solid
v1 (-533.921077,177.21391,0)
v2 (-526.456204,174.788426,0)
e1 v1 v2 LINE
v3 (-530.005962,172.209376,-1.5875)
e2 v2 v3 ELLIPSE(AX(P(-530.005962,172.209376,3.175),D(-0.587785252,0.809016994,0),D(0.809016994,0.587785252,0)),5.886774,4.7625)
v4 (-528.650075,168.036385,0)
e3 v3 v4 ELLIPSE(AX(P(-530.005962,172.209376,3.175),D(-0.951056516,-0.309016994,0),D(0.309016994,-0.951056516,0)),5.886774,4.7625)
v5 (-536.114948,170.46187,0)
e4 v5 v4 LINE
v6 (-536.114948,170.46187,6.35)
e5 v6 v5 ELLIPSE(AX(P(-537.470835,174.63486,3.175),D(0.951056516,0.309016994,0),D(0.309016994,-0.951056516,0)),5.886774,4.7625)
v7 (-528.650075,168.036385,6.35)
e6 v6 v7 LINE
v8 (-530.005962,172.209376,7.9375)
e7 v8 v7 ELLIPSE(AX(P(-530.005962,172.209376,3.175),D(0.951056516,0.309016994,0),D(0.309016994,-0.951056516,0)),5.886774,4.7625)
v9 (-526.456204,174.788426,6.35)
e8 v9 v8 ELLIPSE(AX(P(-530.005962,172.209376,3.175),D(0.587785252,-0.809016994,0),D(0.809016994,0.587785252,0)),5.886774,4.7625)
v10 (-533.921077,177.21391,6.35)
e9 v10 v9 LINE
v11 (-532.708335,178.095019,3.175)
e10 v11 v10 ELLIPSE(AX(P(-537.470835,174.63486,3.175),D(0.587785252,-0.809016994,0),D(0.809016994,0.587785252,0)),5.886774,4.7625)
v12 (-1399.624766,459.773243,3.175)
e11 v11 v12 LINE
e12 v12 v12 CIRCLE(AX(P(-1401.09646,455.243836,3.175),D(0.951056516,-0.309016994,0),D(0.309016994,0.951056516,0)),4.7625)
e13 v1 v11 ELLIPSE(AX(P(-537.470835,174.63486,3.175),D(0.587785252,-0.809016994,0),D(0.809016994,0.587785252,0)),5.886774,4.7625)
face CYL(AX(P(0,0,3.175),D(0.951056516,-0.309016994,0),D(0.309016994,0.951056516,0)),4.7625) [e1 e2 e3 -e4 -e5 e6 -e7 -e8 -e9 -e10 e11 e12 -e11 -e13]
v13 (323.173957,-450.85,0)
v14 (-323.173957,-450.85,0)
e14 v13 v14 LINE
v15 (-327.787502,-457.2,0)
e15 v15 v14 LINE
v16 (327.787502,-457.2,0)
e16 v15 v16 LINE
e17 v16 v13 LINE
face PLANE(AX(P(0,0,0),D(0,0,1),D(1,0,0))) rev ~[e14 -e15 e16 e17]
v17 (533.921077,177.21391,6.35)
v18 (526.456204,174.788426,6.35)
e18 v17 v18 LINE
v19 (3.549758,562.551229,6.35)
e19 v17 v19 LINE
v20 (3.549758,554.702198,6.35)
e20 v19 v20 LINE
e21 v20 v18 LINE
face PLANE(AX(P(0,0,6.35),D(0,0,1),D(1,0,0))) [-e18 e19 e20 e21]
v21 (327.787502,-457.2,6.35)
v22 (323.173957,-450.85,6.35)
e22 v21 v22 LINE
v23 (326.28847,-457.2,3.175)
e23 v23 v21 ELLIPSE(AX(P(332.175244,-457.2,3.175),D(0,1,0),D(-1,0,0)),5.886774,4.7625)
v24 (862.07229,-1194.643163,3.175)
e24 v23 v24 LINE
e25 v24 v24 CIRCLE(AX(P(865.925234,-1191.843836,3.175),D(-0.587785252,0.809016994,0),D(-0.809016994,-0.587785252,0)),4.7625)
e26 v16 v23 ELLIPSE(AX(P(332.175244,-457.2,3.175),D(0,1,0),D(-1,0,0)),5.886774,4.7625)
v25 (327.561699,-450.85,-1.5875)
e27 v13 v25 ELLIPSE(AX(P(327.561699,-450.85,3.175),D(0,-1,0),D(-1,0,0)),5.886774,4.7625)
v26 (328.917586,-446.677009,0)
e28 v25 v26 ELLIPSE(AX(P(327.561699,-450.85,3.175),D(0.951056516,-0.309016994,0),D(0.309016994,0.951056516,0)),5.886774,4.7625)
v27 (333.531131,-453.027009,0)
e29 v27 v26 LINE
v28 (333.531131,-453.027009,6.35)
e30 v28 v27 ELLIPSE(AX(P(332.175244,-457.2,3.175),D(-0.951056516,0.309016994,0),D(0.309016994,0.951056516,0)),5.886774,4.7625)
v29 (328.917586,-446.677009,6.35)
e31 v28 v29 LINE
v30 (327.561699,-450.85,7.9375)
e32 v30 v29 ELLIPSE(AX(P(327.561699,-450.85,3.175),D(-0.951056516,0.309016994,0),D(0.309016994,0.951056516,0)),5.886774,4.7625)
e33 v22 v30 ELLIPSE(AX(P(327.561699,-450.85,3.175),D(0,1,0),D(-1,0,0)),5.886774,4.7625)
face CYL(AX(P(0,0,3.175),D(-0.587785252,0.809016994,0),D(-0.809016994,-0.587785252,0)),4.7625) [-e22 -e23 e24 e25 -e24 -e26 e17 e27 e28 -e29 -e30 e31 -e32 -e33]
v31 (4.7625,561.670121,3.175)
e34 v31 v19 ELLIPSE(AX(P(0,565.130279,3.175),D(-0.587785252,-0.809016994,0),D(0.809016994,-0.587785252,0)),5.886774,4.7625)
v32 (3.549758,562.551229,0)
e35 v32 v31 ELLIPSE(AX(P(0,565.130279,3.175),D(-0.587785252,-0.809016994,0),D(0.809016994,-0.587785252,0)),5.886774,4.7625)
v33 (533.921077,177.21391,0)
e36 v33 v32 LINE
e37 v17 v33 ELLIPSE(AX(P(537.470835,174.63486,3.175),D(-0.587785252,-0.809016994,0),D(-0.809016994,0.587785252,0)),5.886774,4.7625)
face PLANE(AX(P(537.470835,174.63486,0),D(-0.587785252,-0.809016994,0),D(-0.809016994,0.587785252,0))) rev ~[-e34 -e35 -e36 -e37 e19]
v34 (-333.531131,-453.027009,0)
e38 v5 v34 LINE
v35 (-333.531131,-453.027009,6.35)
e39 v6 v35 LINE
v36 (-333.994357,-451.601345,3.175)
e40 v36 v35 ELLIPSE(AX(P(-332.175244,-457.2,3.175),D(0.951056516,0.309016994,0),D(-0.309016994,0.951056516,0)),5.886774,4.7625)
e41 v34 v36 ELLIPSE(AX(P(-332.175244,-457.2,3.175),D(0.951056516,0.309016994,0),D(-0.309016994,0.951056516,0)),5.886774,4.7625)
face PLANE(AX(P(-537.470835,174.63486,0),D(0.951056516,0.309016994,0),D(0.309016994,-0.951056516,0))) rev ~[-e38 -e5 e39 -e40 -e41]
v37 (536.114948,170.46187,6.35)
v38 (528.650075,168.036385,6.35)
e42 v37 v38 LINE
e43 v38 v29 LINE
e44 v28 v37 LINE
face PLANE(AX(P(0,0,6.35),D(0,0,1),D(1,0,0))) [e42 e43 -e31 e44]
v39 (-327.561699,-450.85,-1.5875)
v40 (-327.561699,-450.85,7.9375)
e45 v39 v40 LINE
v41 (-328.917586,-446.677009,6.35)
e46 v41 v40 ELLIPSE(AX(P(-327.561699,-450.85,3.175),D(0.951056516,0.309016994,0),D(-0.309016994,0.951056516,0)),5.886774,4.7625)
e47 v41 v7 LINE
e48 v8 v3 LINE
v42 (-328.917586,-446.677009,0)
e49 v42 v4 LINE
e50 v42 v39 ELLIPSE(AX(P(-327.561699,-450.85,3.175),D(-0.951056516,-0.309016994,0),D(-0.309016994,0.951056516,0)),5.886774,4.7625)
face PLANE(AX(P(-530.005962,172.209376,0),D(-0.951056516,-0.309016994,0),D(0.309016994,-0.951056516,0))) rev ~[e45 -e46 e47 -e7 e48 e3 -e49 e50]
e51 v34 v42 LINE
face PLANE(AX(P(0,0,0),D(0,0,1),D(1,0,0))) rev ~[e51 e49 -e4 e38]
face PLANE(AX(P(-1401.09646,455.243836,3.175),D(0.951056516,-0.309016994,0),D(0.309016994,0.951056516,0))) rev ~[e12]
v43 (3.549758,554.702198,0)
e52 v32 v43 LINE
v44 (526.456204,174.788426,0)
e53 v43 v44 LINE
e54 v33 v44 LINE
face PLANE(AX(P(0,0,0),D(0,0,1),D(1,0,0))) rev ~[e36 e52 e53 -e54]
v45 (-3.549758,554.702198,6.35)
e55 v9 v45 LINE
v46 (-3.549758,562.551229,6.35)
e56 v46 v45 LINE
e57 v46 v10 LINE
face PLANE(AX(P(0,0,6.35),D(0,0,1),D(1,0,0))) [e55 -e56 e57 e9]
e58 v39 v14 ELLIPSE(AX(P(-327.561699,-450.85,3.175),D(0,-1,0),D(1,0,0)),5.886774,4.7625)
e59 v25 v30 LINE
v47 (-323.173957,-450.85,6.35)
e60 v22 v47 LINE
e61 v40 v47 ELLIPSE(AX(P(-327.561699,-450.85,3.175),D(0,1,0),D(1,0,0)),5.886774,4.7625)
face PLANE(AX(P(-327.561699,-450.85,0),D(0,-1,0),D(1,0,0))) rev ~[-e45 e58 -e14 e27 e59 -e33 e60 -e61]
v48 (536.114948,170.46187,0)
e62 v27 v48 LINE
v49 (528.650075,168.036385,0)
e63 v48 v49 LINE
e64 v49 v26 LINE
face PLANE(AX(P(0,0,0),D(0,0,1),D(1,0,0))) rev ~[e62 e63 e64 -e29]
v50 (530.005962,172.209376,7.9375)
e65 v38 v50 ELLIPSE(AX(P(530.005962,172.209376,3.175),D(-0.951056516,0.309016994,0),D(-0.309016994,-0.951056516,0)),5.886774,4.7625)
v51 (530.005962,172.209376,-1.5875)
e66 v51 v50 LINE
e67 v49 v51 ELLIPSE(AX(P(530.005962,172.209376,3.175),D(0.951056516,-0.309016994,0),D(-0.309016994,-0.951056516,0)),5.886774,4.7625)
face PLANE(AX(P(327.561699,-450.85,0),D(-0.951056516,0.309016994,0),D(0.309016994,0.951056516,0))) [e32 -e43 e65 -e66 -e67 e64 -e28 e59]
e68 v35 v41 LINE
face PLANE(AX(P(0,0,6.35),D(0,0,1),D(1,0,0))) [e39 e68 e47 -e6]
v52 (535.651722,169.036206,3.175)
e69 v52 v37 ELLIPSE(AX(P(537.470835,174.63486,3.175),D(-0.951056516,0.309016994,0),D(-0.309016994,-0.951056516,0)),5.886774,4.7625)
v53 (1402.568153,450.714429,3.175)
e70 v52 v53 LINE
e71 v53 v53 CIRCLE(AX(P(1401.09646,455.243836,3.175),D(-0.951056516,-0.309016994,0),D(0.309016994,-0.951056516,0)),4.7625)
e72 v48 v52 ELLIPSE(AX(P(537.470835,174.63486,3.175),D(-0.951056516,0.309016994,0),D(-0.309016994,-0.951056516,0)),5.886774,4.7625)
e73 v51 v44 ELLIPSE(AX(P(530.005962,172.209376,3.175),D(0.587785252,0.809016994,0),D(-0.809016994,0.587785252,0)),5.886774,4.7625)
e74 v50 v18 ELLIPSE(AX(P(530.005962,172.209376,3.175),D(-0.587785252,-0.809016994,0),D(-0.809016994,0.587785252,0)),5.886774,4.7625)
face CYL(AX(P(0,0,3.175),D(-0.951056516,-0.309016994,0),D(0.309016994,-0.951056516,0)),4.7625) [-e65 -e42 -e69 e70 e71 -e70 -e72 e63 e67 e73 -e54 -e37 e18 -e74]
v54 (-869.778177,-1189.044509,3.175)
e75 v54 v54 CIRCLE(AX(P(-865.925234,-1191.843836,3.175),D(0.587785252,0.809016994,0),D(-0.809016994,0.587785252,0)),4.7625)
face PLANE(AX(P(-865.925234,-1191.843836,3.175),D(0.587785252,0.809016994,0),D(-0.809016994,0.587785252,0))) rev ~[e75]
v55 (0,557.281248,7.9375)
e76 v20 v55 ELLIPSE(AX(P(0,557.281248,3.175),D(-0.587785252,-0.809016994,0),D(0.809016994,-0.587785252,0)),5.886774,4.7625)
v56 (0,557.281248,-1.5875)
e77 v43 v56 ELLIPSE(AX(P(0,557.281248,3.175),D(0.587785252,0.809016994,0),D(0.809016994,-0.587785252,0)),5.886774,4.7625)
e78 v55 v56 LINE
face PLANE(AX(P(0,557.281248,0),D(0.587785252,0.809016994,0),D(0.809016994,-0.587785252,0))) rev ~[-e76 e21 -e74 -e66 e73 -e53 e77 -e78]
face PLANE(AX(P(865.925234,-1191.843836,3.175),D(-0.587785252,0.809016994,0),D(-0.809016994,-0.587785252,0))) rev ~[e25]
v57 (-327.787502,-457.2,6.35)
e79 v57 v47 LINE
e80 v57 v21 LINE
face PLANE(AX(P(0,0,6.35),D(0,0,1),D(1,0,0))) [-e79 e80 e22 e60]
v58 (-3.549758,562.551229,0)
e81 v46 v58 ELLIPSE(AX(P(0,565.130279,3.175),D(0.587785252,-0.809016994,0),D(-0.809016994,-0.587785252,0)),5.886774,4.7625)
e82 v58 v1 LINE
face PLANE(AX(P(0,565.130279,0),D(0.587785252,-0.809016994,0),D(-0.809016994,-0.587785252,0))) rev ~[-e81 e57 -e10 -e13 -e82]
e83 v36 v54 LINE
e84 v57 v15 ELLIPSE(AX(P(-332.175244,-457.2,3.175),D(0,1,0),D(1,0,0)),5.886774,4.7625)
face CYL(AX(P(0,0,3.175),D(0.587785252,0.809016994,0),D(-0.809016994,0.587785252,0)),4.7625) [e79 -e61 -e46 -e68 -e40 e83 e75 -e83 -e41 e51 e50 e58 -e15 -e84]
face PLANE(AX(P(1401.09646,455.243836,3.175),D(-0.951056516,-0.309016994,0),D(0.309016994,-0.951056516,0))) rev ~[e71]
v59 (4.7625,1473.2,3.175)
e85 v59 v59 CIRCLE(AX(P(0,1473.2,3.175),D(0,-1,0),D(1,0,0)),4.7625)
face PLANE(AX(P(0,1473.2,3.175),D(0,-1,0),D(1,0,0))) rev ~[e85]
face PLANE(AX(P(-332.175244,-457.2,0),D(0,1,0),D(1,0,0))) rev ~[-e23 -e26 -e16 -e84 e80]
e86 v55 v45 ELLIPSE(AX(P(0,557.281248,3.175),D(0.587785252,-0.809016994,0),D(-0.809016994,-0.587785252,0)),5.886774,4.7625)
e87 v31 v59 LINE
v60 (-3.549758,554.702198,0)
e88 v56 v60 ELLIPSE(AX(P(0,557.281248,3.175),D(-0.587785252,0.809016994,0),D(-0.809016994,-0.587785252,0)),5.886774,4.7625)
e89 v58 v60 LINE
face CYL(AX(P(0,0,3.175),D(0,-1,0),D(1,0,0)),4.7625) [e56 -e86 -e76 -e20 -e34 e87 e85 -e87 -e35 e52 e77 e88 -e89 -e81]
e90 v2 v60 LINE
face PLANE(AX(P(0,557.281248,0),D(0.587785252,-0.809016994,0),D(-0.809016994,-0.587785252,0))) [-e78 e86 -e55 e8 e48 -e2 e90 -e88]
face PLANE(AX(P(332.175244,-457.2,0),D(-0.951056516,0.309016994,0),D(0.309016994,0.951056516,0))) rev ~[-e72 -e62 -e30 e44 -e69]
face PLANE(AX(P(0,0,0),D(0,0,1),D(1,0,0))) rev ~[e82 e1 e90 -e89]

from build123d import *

# Parameters (mm, degrees)
F1_DEPTH      = 6.35
F2_R          = 4.7625
F4_DEPTH      = 1473.2
F5_COUNT      = 5
F7_DEPTH      = 25.4
F7_DEPTH_BACK = 25.4


with BuildPart() as f1:
    # F0 (on Top) → F1 (new body)
    with BuildSketch(Plane.XY):
        Polygon((537.4708346962, 174.6348603435), (0, 565.1302793129), (-537.4708346962, 174.6348603435), (-332.1752438041, -457.2), (332.1752438041, -457.2), align=None)
        Polygon((-530.0059619921, 172.2093761721), (0, 557.2812476558), (530.0059619921, 172.2093761721), (327.5616987512, -450.85), (-327.5616987512, -450.85), align=None, mode=Mode.SUBTRACT)
    extrude(amount=F1_DEPTH)

    # F2 (on Front) → F4 (join)
    with BuildSketch(Plane.XZ):
        with Locations((0, 3.175)):
            Circle(F2_R)
    extrude(amount=-F4_DEPTH)

    # F5: F1 ×5 about axis
    f5_axis = Axis((0, 0, 25.2953320742), (0, 0, 1))


with BuildPart() as f1_1:
    add(f1.part)
    for i in range(1, F5_COUNT):
        add(f1.part.rotate(f5_axis, i * 360 / F5_COUNT))

    # F6 (on Top) → F7 (cut, two sides)
    with BuildSketch(Plane.XY) as f7_sk:
        Polygon((0, 557.2812476558), (-530.0059619921, 172.2093761721), (-327.5616987512, -450.85), (327.5616987512, -450.85), (530.0059619921, 172.2093761721), align=None)
    extrude(amount=-F7_DEPTH, mode=Mode.SUBTRACT)
    extrude(f7_sk.sketch, amount=F7_DEPTH_BACK, mode=Mode.SUBTRACT)


solid = f1_1.part
